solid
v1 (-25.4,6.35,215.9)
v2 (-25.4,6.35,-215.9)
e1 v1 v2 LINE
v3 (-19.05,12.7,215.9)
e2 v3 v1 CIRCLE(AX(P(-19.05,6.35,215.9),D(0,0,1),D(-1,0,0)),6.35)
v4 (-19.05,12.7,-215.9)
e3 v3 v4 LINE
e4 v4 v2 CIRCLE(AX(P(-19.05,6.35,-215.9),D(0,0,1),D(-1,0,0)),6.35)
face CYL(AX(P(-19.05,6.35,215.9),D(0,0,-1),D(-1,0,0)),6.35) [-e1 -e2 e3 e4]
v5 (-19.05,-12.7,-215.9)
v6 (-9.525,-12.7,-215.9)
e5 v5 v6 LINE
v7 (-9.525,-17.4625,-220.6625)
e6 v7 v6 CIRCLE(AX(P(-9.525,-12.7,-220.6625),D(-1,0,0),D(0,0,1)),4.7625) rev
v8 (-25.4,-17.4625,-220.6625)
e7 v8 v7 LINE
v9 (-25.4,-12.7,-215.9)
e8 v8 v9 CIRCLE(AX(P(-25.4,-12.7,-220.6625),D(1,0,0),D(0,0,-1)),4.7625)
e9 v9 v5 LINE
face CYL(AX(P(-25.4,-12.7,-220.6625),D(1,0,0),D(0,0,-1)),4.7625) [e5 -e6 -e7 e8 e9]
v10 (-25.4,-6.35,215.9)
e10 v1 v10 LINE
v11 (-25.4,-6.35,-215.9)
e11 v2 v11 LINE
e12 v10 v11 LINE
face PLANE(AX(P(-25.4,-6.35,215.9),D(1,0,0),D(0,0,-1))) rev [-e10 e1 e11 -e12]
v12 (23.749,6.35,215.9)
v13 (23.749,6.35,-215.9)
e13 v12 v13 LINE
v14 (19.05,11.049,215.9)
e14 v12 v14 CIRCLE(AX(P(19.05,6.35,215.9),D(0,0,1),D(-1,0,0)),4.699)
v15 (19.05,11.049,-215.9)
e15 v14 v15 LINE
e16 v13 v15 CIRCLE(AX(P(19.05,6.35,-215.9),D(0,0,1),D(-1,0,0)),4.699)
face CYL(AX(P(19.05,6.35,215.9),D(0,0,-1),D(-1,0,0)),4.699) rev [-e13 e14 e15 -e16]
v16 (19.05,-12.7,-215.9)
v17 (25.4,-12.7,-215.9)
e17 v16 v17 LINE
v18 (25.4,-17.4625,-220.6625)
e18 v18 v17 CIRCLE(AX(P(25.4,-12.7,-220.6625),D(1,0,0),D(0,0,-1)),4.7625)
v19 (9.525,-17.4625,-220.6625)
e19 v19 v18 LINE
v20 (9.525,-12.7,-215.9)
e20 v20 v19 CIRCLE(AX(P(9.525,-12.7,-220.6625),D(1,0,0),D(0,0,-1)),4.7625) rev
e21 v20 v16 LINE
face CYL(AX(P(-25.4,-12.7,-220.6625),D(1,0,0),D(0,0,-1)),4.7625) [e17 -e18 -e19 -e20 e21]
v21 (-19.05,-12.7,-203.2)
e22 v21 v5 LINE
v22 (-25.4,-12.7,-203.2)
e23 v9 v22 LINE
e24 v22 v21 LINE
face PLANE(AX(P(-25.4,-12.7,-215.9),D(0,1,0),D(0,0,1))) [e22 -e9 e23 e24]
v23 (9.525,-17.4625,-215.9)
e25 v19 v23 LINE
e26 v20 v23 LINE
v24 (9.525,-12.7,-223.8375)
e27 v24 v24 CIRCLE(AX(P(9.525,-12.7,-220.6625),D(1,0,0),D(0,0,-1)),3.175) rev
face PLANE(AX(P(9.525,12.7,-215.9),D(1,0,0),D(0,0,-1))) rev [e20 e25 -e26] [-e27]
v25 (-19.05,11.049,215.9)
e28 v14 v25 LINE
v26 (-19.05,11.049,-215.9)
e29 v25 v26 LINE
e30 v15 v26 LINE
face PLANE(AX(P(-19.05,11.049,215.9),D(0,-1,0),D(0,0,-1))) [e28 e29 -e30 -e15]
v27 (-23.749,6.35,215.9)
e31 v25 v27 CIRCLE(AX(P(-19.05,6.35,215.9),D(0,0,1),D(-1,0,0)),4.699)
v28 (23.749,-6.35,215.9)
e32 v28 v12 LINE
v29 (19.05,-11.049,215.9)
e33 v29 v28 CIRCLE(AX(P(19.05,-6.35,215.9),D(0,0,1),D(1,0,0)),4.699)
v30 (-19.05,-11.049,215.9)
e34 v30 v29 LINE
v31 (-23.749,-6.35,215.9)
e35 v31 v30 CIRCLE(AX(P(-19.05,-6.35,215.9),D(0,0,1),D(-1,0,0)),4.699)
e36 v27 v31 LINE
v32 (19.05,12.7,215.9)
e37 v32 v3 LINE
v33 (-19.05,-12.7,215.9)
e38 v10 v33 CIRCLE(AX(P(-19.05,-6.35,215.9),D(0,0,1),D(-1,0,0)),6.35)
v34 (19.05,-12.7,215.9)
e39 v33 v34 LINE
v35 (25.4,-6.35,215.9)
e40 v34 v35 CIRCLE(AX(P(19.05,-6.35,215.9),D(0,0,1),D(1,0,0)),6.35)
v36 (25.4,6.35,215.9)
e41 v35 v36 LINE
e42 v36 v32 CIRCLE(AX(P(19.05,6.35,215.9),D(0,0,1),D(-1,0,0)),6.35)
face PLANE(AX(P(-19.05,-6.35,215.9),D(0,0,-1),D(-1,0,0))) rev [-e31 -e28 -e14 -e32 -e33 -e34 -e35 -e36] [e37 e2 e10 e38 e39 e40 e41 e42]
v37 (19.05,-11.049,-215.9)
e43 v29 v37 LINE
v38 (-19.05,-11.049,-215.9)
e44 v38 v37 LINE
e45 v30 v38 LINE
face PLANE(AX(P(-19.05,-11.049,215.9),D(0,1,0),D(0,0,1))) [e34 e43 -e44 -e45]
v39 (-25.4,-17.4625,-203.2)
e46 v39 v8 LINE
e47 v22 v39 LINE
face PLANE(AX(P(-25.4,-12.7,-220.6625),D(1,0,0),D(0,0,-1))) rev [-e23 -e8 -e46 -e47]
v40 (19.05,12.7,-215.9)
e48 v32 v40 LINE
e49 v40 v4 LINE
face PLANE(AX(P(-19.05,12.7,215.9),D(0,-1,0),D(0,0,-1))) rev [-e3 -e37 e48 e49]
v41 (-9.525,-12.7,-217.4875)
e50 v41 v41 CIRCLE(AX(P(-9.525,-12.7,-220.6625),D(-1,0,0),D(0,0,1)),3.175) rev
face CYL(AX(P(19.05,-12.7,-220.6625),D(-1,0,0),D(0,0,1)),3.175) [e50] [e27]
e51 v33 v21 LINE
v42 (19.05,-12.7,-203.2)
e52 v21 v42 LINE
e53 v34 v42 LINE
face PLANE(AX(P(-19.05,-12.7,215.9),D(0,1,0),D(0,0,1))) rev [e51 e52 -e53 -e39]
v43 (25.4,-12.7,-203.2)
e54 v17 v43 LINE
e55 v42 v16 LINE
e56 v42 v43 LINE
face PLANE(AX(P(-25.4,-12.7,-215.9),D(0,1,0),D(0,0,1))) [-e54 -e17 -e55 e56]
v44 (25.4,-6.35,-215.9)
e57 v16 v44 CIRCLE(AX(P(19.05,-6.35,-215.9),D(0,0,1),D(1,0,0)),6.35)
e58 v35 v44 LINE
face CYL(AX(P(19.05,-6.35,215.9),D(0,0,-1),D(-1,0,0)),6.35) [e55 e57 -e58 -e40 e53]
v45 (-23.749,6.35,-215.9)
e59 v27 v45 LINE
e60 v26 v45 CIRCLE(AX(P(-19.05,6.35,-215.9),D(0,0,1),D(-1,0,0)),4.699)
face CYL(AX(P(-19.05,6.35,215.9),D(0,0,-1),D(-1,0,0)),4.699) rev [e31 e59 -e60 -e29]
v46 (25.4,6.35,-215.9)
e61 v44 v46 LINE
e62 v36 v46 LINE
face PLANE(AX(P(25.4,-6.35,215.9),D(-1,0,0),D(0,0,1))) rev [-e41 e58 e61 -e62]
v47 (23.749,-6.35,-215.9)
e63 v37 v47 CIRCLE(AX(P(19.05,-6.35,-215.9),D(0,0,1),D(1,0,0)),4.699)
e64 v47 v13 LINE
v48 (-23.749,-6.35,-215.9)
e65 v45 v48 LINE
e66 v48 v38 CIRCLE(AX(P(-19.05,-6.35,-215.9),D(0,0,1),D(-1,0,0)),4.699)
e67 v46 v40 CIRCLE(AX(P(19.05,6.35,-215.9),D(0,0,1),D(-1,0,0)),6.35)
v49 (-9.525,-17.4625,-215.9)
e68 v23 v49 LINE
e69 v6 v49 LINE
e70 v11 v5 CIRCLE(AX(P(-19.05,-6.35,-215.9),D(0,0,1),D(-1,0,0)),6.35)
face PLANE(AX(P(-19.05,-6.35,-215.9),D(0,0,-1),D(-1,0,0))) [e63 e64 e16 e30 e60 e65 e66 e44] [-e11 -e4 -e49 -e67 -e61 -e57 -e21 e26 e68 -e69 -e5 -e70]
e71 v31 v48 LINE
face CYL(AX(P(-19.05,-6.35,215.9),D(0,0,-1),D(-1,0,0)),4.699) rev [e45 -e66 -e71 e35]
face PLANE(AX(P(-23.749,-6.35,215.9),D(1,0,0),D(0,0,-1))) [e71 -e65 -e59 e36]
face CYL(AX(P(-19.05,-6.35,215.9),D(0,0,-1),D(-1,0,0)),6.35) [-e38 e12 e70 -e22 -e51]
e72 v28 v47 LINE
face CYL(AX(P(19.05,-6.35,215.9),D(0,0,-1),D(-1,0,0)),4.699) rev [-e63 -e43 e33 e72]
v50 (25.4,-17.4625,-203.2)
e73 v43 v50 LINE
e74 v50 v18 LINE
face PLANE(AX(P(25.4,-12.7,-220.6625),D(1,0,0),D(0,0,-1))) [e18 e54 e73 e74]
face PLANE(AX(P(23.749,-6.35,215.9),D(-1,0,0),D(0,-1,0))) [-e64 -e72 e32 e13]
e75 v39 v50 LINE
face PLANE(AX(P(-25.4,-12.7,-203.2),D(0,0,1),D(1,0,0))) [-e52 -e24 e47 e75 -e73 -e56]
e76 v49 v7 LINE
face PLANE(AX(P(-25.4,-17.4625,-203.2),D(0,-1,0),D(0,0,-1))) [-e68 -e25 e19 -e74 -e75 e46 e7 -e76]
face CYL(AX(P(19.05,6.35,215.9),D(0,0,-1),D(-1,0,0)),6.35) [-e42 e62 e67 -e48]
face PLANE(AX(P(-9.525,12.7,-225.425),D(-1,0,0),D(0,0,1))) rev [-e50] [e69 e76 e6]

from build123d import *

# Parameters (mm, degrees)
BOSS_EXTRUDE1_DEPTH = 215.9
BOSS_EXTRUDE2_DEPTH = 50.8
SKETCH4_W           = 19.05
SKETCH4_H           = 9.525
CUT_EXTRUDE1_DEPTH  = 31.1625
SKETCH3_R           = 3.175
BOSS_EXTRUDE3_DEPTH = 19.05


with BuildPart() as part:
    # Sketch1 → Boss-Extrude1 (new body, symmetric)
    with BuildSketch(Plane.XY):
        with BuildLine():
            Line((-19.05, -12.7), (19.05, -12.7))
            ThreePointArc((19.05, -12.7), (23.540128061, -10.840128061), (25.4, -6.35))
            Line((25.4, -6.35), (25.4, 6.35))
            ThreePointArc((25.4, 6.35), (23.540128061, 10.840128061), (19.05, 12.7))
            Line((19.05, 12.7), (-19.05, 12.7))
            ThreePointArc((-19.05, 12.7), (-23.540128061, 10.840128061), (-25.4, 6.35))
            Line((-25.4, 6.35), (-25.4, -6.35))
            ThreePointArc((-25.4, -6.35), (-23.540128061, -10.840128061), (-19.05, -12.7))
        make_face()
        with BuildLine():
            Line((-19.05, 11.049), (19.05, 11.049))
            ThreePointArc((19.05, 11.049), (22.372694765, 9.672694765), (23.749, 6.35))
            Line((23.749, 6.35), (23.749, -6.35))
            ThreePointArc((23.749, -6.35), (22.372694765, -9.672694765), (19.05, -11.049))
            Line((19.05, -11.049), (-19.05, -11.049))
            ThreePointArc((-19.05, -11.049), (-22.372694765, -9.672694765), (-23.749, -6.35))
            Line((-23.749, -6.35), (-23.749, 6.35))
            ThreePointArc((-23.749, 6.35), (-22.372694765, 9.672694765), (-19.05, 11.049))
        make_face(mode=Mode.SUBTRACT)
    extrude(amount=BOSS_EXTRUDE1_DEPTH, both=True)

    # Sketch2 → Boss-Extrude2 (add, through all)
    with BuildSketch(Plane(origin=(25.4, 0, 0), x_dir=(0, 0, -1), z_dir=(1, 0, 0))):
        with BuildLine():
            Line((203.2, -12.7), (203.2, -17.4625))
            Line((203.2, -17.4625), (220.6625, -17.4625))
            ThreePointArc((220.6625, -17.4625), (224.030096045, -9.332403955), (215.9, -12.7))
            Line((215.9, -12.7), (203.2, -12.7))
        make_face()
    extrude(amount=-BOSS_EXTRUDE2_DEPTH)

    # Sketch4 → Cut-Extrude1 (cut, through all)
    with BuildSketch(Plane.XZ.offset(17.4625)):
        with Locations((0, -220.6625)):
            Rectangle(SKETCH4_W, SKETCH4_H)
    extrude(amount=-CUT_EXTRUDE1_DEPTH, mode=Mode.SUBTRACT)

    # Sketch3 → Boss-Extrude3 (add, symmetric)
    with BuildSketch(Plane(origin=(0, 0, 0), x_dir=(0, 0, -1), z_dir=(1, 0, 0))):
        with Locations((220.6625, -12.7)):
            Circle(SKETCH3_R)
    extrude(amount=BOSS_EXTRUDE3_DEPTH, both=True)


solid = part.part
